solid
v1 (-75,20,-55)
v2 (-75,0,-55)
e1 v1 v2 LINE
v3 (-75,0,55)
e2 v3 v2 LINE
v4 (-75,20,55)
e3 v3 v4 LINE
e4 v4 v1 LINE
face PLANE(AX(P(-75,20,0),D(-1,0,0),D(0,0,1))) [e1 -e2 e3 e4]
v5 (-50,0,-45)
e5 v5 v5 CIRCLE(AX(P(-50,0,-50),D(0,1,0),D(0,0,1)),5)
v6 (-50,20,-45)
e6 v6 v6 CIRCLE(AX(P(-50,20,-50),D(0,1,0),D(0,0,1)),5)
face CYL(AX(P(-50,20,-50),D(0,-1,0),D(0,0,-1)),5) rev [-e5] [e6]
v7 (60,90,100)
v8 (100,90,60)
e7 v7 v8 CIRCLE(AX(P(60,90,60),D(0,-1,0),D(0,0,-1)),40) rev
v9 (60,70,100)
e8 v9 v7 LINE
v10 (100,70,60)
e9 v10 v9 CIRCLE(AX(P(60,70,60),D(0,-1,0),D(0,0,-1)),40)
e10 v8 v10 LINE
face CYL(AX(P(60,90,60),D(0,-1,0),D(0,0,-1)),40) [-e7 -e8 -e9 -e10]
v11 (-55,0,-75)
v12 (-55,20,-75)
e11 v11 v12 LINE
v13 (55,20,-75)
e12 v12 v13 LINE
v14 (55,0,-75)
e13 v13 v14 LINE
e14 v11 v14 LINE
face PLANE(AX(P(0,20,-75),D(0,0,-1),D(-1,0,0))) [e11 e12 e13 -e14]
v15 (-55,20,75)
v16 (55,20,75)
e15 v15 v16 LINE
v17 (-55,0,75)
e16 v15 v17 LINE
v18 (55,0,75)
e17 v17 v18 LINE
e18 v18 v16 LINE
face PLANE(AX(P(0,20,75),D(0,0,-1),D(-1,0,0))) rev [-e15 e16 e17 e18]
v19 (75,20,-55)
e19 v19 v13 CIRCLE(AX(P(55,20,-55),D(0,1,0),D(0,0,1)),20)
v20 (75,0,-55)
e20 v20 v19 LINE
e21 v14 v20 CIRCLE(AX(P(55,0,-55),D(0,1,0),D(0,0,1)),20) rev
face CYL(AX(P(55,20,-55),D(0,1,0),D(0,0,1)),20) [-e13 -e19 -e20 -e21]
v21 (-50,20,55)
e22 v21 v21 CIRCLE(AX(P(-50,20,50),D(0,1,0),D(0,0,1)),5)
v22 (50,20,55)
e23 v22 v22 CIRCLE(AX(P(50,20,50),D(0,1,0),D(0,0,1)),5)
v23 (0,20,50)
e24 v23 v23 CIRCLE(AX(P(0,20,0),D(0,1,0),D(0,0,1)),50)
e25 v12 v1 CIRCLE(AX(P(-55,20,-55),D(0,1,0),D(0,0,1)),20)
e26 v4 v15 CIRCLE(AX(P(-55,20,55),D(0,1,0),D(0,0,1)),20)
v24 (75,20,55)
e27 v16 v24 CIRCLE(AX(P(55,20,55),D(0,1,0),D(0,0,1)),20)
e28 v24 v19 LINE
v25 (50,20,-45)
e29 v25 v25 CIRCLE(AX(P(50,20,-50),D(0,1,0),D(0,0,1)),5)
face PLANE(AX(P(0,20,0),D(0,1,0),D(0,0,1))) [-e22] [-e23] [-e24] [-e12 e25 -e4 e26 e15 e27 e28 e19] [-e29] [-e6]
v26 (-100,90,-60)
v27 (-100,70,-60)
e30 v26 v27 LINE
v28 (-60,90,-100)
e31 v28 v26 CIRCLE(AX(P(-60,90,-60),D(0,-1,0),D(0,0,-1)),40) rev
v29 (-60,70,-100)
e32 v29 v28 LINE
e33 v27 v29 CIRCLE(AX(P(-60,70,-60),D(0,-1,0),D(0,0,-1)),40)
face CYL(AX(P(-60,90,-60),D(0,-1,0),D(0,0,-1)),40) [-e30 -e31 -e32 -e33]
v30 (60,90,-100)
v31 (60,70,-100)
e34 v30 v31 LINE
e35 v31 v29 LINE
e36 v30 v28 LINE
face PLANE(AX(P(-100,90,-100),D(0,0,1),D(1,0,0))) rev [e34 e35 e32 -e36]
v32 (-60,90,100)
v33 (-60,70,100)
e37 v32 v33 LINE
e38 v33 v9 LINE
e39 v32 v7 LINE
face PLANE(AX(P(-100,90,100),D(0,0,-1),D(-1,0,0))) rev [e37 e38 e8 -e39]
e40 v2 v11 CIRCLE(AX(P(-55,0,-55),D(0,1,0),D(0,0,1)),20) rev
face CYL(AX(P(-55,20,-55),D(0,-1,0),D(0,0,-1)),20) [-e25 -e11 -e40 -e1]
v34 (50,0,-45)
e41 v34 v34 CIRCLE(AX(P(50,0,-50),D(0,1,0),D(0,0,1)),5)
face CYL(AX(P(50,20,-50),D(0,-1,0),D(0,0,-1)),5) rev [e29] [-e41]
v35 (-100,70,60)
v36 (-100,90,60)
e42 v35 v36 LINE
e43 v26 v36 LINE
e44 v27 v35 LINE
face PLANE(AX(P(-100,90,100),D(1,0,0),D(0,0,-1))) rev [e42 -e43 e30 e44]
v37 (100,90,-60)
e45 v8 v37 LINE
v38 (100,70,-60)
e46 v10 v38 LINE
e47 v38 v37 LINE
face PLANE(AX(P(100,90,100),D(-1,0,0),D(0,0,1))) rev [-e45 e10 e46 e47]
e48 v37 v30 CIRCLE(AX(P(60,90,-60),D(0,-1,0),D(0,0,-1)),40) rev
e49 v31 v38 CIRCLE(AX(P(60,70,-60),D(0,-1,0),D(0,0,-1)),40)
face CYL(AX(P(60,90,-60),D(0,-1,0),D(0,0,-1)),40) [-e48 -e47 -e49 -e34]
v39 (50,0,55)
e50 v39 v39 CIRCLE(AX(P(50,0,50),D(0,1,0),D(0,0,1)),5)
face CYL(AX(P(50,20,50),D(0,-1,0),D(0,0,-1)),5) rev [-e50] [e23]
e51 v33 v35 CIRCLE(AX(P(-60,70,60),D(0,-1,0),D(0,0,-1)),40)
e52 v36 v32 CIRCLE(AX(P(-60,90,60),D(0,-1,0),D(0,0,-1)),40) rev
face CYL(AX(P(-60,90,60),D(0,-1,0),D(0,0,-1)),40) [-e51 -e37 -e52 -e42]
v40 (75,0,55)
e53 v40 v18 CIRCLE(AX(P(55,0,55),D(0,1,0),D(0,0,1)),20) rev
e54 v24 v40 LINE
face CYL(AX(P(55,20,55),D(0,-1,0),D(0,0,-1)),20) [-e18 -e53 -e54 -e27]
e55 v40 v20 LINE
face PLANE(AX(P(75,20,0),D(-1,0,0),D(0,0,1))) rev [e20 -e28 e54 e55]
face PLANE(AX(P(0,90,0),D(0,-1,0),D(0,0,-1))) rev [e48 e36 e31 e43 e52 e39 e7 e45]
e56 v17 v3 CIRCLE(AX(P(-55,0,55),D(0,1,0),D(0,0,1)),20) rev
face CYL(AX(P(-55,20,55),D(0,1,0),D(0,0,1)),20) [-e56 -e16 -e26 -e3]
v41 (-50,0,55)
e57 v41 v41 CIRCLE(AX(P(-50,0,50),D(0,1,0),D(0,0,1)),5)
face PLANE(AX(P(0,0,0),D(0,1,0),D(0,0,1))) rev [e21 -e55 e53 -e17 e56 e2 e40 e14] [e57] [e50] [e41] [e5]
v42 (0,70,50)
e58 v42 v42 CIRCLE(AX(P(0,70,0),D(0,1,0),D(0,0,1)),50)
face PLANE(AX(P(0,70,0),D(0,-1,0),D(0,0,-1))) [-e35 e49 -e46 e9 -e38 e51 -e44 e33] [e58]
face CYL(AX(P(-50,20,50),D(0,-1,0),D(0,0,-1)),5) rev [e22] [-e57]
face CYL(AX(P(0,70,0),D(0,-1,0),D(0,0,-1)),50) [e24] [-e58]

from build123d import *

# Parameters (mm, degrees)
SKETCH_1_W      = 150
SKETCH_1_H      = 150
SKETCH_1_R      = 5
EXTRUDE_1_DEPTH = 20
FILLET_1_R      = 20
SKETCH_2_R      = 50
EXTRUDE_2_DEPTH = 50
SKETCH_3_W      = 200
SKETCH_3_H      = 200
EXTRUDE_3_DEPTH = 20
FILLET_2_R      = 40


with BuildPart() as part:
    # Эскиз1 → Бобышка-Вытянуть1 (new body)
    with BuildSketch(Plane(origin=(0, 0, 0), x_dir=(1, 0, 0), z_dir=(0, 1, 0))):
        Rectangle(SKETCH_1_W, SKETCH_1_H)
        with Locations(Location((-50, 50, 0), (0, 0, 270))):
            Circle(SKETCH_1_R, mode=Mode.SUBTRACT)
        with Locations(Location((50, 50, 0), (0, 0, 270))):
            Circle(SKETCH_1_R, mode=Mode.SUBTRACT)
        with Locations(Location((50, -50, 0), (0, 0, 270))):
            Circle(SKETCH_1_R, mode=Mode.SUBTRACT)
        with Locations(Location((-50, -50, 0), (0, 0, 270))):
            Circle(SKETCH_1_R, mode=Mode.SUBTRACT)
    extrude(amount=EXTRUDE_1_DEPTH)

    # Скругление1
    fillet_1_edges = [part.edges().sort_by_distance(p)[0] for p in [
        (-75, 10, 75),
        (-75, 10, -75),
        (75, 10, -75),
        (75, 10, 75),
    ]]
    fillet(fillet_1_edges, radius=FILLET_1_R)

    # Эскиз2 → Бобышка-Вытянуть2 (add)
    with BuildSketch(Plane(origin=(0, 20, 0), x_dir=(1, 0, 0), z_dir=(0, 1, 0))):
        with Locations(Location((0, 0, 0), (0, 0, 270))):
            Circle(SKETCH_2_R)
    extrude(amount=EXTRUDE_2_DEPTH)

    # Эскиз3 → Бобышка-Вытянуть3 (add)
    with BuildSketch(Plane(origin=(0, 70, 0), x_dir=(1, 0, 0), z_dir=(0, 1, 0))):
        Rectangle(SKETCH_3_W, SKETCH_3_H)
    extrude(amount=EXTRUDE_3_DEPTH)

    # Скругление2
    fillet_2_edges = [part.edges().sort_by_distance(p)[0] for p in [
        (100, 80, 100),
        (100, 80, -100),
        (-100, 80, -100),
        (-100, 80, 100),
    ]]
    fillet(fillet_2_edges, radius=FILLET_2_R)


solid = part.part
